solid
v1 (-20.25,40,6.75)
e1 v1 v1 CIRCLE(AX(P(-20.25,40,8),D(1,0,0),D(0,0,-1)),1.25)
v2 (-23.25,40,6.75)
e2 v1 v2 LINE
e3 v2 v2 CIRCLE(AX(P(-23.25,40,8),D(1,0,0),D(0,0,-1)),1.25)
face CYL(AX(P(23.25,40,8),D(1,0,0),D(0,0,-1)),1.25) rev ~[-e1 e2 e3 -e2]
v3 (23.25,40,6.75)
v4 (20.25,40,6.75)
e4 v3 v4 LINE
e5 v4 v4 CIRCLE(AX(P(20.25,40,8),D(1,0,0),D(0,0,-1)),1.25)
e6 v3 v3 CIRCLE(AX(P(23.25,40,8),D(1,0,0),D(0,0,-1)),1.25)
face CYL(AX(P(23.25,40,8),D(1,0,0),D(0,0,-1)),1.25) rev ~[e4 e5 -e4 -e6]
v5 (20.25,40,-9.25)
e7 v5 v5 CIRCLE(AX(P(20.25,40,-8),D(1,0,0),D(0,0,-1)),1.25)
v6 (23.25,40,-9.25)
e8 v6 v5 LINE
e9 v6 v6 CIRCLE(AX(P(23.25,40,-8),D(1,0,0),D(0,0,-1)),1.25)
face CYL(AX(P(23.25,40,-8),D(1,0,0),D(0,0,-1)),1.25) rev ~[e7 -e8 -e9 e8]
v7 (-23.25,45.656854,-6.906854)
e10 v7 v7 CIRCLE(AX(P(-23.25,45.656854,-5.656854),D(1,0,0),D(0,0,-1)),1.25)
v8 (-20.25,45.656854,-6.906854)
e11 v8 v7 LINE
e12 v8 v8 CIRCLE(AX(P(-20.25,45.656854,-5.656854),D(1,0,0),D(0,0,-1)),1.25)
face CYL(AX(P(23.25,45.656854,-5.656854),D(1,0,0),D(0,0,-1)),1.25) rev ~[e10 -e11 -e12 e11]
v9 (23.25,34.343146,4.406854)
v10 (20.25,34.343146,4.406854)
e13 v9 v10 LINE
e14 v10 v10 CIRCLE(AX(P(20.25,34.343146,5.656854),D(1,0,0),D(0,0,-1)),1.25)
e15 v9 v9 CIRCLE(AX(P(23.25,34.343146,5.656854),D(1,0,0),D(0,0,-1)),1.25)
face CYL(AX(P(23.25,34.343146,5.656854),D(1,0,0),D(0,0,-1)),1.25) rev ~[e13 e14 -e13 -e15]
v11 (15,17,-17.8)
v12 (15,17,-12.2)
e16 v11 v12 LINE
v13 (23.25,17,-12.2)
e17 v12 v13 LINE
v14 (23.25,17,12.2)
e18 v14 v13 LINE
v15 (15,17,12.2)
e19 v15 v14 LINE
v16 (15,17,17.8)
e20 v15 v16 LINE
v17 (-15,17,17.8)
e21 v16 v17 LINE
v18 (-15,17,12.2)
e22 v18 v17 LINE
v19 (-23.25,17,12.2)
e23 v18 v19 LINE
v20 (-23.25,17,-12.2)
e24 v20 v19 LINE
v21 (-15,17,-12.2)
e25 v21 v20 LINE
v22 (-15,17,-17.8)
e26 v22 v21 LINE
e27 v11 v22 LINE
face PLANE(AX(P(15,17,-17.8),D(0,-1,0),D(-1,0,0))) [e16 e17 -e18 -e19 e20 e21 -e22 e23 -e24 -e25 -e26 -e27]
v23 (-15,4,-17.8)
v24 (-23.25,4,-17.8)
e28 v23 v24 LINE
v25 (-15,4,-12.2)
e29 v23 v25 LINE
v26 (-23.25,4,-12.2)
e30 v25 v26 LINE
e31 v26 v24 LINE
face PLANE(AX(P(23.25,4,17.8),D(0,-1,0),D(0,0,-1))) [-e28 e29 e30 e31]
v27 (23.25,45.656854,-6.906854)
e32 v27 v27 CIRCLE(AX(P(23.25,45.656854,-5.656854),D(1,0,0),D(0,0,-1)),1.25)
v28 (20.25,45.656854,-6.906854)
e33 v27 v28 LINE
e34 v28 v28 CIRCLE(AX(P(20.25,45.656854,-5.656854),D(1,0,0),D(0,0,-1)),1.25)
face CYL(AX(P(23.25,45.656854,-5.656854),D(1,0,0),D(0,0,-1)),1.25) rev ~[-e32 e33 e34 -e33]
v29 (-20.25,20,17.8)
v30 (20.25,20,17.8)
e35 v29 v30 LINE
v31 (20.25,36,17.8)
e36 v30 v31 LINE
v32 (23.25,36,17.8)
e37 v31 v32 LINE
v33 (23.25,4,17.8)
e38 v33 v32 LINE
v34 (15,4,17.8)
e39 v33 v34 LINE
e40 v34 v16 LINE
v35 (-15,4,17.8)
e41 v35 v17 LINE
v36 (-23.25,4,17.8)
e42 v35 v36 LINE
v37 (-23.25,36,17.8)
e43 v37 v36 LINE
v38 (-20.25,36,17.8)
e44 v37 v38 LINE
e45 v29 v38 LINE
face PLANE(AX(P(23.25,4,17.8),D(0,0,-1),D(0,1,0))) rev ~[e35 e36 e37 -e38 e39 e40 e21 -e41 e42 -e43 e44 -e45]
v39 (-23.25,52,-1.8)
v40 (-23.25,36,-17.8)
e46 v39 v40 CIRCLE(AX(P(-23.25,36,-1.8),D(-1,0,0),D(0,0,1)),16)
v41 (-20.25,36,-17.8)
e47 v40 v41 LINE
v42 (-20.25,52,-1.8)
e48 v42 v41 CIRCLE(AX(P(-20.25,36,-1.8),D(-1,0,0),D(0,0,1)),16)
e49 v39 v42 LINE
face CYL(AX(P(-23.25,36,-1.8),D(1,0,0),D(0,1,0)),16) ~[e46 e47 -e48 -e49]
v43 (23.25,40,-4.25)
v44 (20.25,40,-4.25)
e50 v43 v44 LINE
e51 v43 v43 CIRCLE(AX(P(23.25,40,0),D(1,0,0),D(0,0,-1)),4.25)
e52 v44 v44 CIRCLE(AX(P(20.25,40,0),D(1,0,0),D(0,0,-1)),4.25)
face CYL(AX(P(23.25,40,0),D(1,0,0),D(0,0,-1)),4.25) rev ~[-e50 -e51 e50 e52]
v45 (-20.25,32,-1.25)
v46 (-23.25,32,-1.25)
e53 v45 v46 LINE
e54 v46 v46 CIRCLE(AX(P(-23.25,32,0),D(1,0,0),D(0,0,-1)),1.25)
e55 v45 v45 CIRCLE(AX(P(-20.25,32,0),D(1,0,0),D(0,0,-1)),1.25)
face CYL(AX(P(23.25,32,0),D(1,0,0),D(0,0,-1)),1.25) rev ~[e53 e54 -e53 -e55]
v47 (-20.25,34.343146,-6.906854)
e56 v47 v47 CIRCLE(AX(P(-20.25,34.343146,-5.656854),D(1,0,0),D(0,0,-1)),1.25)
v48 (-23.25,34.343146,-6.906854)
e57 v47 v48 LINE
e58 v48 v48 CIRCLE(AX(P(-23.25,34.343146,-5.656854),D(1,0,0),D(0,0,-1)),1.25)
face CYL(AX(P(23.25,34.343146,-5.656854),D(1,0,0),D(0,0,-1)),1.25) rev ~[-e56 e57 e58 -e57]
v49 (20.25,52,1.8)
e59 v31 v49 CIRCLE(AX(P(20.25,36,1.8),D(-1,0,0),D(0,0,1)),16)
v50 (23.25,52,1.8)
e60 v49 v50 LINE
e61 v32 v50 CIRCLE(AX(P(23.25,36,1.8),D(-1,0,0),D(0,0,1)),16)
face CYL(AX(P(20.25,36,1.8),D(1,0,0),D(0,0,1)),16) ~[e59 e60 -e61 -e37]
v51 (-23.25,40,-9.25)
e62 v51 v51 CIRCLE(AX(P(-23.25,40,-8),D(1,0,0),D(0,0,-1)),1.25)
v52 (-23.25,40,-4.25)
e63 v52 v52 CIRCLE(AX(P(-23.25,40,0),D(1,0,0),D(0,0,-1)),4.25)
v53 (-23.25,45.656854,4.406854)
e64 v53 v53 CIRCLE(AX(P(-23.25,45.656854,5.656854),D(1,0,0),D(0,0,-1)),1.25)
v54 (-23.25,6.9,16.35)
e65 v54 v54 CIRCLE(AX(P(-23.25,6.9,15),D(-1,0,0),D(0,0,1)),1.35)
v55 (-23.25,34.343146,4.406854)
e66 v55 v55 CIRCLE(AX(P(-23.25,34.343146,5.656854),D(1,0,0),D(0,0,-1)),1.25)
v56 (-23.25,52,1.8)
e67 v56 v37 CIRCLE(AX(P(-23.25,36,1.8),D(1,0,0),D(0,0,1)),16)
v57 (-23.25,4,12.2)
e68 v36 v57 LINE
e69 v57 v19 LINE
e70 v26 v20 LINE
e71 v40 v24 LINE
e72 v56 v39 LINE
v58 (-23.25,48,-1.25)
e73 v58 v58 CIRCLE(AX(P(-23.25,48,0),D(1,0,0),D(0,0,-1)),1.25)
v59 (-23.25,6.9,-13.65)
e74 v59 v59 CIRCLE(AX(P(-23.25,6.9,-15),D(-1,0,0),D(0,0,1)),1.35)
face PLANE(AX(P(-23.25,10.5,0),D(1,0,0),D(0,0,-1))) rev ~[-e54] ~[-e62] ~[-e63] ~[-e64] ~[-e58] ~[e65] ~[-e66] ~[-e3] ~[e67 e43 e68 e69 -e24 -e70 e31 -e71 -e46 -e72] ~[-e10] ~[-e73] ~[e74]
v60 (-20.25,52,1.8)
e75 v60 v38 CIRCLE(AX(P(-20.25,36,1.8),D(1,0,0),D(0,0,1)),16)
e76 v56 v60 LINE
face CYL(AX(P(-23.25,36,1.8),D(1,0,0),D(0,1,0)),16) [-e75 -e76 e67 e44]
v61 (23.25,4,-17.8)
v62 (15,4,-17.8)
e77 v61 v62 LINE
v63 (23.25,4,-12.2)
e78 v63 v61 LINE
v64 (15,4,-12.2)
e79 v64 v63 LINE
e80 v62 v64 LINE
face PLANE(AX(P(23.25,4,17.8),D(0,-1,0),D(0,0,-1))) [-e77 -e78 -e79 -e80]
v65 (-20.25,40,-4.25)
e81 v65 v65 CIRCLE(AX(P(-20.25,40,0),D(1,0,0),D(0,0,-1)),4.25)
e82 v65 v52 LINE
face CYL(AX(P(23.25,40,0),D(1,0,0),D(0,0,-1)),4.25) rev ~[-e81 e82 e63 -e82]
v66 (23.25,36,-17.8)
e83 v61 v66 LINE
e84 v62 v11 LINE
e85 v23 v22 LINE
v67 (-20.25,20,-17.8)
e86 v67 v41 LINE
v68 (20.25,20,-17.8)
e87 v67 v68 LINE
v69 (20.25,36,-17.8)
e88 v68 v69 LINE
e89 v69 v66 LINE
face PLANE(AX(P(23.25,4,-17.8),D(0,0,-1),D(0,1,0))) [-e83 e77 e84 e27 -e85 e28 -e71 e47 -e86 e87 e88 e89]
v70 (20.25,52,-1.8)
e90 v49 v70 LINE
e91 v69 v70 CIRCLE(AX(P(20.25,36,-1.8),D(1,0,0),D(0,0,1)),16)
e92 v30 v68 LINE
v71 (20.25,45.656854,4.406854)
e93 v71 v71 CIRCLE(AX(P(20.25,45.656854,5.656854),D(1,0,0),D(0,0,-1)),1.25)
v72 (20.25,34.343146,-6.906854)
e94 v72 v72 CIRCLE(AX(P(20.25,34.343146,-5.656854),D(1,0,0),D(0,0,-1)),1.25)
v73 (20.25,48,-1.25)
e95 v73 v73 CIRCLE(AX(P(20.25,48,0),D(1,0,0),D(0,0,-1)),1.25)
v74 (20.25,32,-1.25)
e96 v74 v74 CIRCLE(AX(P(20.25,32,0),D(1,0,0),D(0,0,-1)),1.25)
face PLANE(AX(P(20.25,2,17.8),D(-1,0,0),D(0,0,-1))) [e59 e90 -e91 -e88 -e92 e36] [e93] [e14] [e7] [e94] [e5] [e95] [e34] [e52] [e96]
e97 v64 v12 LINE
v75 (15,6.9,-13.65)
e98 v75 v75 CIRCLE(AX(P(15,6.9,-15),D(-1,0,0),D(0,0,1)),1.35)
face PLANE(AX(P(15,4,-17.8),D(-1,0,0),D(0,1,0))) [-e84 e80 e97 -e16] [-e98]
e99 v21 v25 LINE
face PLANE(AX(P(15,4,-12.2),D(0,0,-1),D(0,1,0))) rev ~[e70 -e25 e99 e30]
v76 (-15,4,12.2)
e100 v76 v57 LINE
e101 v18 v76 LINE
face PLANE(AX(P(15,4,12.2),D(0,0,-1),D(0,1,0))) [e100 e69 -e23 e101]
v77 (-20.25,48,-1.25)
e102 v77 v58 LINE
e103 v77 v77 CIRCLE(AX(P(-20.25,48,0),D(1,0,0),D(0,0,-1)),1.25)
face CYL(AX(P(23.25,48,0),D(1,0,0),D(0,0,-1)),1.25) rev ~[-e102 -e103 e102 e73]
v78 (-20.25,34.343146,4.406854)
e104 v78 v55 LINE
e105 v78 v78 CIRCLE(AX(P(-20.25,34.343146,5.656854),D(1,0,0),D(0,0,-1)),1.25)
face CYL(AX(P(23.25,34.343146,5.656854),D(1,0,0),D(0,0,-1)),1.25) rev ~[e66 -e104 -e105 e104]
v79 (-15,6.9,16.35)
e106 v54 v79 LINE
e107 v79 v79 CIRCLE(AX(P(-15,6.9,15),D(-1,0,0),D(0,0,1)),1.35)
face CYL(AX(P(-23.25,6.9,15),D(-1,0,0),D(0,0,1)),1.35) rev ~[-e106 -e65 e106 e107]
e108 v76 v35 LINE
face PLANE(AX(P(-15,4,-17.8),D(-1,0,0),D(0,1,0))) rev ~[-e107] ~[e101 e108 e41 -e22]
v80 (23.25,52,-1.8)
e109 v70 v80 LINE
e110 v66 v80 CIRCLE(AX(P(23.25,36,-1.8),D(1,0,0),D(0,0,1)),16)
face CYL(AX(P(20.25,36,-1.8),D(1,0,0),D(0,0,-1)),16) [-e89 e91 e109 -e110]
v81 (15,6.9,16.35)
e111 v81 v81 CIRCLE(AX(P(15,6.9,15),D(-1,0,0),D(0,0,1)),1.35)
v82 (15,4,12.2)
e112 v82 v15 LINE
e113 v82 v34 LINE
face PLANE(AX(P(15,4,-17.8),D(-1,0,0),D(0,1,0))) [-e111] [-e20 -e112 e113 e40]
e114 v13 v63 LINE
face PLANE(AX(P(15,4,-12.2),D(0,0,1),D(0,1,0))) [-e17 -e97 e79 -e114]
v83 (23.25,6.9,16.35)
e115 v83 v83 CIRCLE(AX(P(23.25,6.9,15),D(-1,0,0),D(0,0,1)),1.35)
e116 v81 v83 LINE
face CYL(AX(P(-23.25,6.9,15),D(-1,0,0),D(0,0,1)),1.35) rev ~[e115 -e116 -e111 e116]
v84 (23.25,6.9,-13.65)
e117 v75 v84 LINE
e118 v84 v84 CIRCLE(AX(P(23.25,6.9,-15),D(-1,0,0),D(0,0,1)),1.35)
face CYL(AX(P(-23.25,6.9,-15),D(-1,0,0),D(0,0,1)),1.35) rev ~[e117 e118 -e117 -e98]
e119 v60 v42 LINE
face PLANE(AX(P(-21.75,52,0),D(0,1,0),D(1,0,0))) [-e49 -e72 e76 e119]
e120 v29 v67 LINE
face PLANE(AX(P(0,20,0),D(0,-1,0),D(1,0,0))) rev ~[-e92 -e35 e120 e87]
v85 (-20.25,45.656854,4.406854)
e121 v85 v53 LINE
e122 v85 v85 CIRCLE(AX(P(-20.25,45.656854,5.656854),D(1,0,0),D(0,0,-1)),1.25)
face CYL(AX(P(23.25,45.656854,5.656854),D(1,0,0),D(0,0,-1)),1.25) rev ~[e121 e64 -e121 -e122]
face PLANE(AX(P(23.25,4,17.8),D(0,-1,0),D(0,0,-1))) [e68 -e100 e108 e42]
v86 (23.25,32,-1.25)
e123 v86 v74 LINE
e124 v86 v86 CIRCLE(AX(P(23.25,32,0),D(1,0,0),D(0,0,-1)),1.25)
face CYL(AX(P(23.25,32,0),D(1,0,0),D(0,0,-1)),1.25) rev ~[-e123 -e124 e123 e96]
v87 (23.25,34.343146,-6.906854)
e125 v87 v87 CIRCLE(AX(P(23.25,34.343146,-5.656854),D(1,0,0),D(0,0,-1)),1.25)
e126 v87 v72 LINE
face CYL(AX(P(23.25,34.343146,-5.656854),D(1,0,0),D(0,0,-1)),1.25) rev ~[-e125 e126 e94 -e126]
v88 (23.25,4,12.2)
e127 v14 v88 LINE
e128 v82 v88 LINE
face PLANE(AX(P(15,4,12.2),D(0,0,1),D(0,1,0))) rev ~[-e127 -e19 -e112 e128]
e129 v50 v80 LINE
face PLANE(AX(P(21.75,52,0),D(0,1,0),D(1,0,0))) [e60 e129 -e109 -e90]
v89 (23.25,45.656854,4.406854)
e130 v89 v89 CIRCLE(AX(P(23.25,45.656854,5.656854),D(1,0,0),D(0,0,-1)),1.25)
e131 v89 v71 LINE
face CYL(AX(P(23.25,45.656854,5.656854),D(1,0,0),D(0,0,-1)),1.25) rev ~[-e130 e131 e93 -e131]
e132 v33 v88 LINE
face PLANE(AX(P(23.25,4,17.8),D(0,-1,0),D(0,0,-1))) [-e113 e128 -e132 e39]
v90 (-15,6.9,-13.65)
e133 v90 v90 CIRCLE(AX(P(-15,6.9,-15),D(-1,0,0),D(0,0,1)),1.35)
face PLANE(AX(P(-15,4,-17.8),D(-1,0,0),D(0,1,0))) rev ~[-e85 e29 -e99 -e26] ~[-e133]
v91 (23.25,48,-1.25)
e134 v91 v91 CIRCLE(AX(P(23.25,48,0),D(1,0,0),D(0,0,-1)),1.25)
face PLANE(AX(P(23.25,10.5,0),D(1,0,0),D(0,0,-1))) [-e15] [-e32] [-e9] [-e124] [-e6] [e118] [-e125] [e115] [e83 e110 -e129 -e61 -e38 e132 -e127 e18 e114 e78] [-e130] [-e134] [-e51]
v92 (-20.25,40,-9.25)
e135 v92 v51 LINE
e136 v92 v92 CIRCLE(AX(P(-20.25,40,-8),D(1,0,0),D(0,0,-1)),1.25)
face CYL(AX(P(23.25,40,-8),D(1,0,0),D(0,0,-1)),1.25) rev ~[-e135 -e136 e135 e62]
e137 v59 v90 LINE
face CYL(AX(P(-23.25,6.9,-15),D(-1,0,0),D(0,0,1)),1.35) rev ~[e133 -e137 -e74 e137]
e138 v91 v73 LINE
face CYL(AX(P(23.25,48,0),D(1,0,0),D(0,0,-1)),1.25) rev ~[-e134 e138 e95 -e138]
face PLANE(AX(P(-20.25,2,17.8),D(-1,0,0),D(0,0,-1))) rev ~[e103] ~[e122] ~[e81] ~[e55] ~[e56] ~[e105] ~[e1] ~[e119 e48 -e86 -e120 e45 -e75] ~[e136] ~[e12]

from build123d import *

# Parameters (mm, degrees)
SKETCH1_W                = 46.5
SKETCH1_H                = 35.6
BOSS_EXTRUDE1_DEPTH      = 2
SKETCH2_W                = 3
SKETCH2_H                = 35.6
BOSS_EXTRUDE2_DEPTH      = 50
SKETCH3_R                = 4.25
CUT_EXTRUDE1_DEPTH       = 47.5
SKETCH6_R                = 1.25
CUT_EXTRUDE3_DEPTH       = 47.5
FILLET5_R                = 16
SKETCH1_2_W              = 46.5
SKETCH1_2_H              = 35.6
CUT_EXTRUDE6_DEPTH       = 20
SKETCH8_W                = 46.5
SKETCH8_H                = 35.6
BOSS_EXTRUDE3_DEPTH      = 3
SKETCH9_W                = 35.6
SKETCH9_H                = 13
BOSS_EXTRUDE4_DEPTH      = 46.5
SKETCH12_W               = 30
SKETCH12_H               = 13
CUT_EXTRUDE9_DEPTH       = 36.6
SKETCH13_W               = 24.4
SKETCH13_H               = 13
CUT_EXTRUDE10_DEPTH      = 39.25
CUT_EXTRUDE10_DEPTH_BACK = 9.25
SKETCH15_R               = 1.35
CUT_EXTRUDE11_DEPTH      = 47.5


with BuildPart() as part:
    # Sketch1 → Boss-Extrude1 (new body)
    with BuildSketch(Plane(origin=(0, 0, 0), x_dir=(1, 0, 0), z_dir=(0, 1, 0))):
        Rectangle(SKETCH1_W, SKETCH1_H)
    extrude(amount=BOSS_EXTRUDE1_DEPTH)

    # Sketch2 → Boss-Extrude2 (add)
    with BuildSketch(Plane(origin=(0, 2, 0), x_dir=(1, 0, 0), z_dir=(0, 1, 0))):
        with Locations((-21.75, 0)):
            Rectangle(SKETCH2_W, SKETCH2_H)
        with Locations((21.75, 0)):
            Rectangle(SKETCH2_W, SKETCH2_H)
    extrude(amount=BOSS_EXTRUDE2_DEPTH)

    # Sketch3 → Cut-Extrude1 (cut, through all)
    with BuildSketch(Plane(origin=(23.25, 0, 0), x_dir=(0, 0, -1), z_dir=(1, 0, 0))):
        with Locations((0, 40)):
            Circle(SKETCH3_R)
    extrude(amount=-CUT_EXTRUDE1_DEPTH, mode=Mode.SUBTRACT)

    # Sketch6 → Cut-Extrude3 (cut, through all)
    with BuildSketch(Plane(origin=(23.25, 0, 0), x_dir=(0, 0, -1), z_dir=(1, 0, 0))):
        with Locations((0, 32)):
            Circle(SKETCH6_R)
        with Locations((-5.656854249, 34.343145751)):
            Circle(SKETCH6_R)
        with Locations((-8, 40)):
            Circle(SKETCH6_R)
        with Locations((-5.656854249, 45.656854249)):
            Circle(SKETCH6_R)
        with Locations((0, 48)):
            Circle(SKETCH6_R)
        with Locations((5.656854249, 45.656854249)):
            Circle(SKETCH6_R)
        with Locations((8, 40)):
            Circle(SKETCH6_R)
        with Locations((5.656854249, 34.343145751)):
            Circle(SKETCH6_R)
    extrude(amount=-CUT_EXTRUDE3_DEPTH, mode=Mode.SUBTRACT)

    # Fillet5
    fillet5_edges = [part.edges().sort_by_distance(p)[0] for p in [
        (-21.75, 52, 17.8),
        (-21.75, 52, -17.8),
        (21.75, 52, -17.8),
        (21.75, 52, 17.8),
    ]]
    fillet(fillet5_edges, radius=FILLET5_R)

    # Sketch1<2> → Cut-Extrude6 (cut)
    with BuildSketch(Plane(origin=(0, 0, 0), x_dir=(1, 0, 0), z_dir=(0, 1, 0))):
        Rectangle(SKETCH1_2_W, SKETCH1_2_H)
    extrude(amount=CUT_EXTRUDE6_DEPTH, mode=Mode.SUBTRACT)

    # Sketch8 → Boss-Extrude3 (add)
    with BuildSketch(Plane.XZ.offset(-20)):
        Rectangle(SKETCH8_W, SKETCH8_H)
    extrude(amount=BOSS_EXTRUDE3_DEPTH)

    # Sketch9 → Boss-Extrude4 (add)
    with BuildSketch(Plane(origin=(23.25, 0, 0), x_dir=(0, 0, -1), z_dir=(1, 0, 0))):
        with Locations((0, 10.5)):
            Rectangle(SKETCH9_W, SKETCH9_H)
    extrude(amount=-BOSS_EXTRUDE4_DEPTH)

    # Sketch12 → Cut-Extrude9 (cut, through all)
    with BuildSketch(Plane(origin=(0, 0, -17.8), x_dir=(-1, 0, 0), z_dir=(0, 0, -1))):
        with Locations((0, 10.5)):
            Rectangle(SKETCH12_W, SKETCH12_H)
    extrude(amount=-CUT_EXTRUDE9_DEPTH, mode=Mode.SUBTRACT)

    # Sketch13 → Cut-Extrude10 (cut, two sides)
    with BuildSketch(Plane.ZY.offset(-15)) as cut_extrude10_sk:
        with Locations((0, 10.5)):
            Rectangle(SKETCH13_W, SKETCH13_H)
    extrude(amount=CUT_EXTRUDE10_DEPTH, mode=Mode.SUBTRACT)
    extrude(cut_extrude10_sk.sketch, amount=-CUT_EXTRUDE10_DEPTH_BACK, mode=Mode.SUBTRACT)

    # Sketch15 → Cut-Extrude11 (cut, through all)
    with BuildSketch(Plane.ZY.offset(23.25)):
        with Locations((-15, 6.9)):
            Circle(SKETCH15_R)
        with Locations((15, 6.9)):
            Circle(SKETCH15_R)
    extrude(amount=-CUT_EXTRUDE11_DEPTH, mode=Mode.SUBTRACT)


solid = part.part
